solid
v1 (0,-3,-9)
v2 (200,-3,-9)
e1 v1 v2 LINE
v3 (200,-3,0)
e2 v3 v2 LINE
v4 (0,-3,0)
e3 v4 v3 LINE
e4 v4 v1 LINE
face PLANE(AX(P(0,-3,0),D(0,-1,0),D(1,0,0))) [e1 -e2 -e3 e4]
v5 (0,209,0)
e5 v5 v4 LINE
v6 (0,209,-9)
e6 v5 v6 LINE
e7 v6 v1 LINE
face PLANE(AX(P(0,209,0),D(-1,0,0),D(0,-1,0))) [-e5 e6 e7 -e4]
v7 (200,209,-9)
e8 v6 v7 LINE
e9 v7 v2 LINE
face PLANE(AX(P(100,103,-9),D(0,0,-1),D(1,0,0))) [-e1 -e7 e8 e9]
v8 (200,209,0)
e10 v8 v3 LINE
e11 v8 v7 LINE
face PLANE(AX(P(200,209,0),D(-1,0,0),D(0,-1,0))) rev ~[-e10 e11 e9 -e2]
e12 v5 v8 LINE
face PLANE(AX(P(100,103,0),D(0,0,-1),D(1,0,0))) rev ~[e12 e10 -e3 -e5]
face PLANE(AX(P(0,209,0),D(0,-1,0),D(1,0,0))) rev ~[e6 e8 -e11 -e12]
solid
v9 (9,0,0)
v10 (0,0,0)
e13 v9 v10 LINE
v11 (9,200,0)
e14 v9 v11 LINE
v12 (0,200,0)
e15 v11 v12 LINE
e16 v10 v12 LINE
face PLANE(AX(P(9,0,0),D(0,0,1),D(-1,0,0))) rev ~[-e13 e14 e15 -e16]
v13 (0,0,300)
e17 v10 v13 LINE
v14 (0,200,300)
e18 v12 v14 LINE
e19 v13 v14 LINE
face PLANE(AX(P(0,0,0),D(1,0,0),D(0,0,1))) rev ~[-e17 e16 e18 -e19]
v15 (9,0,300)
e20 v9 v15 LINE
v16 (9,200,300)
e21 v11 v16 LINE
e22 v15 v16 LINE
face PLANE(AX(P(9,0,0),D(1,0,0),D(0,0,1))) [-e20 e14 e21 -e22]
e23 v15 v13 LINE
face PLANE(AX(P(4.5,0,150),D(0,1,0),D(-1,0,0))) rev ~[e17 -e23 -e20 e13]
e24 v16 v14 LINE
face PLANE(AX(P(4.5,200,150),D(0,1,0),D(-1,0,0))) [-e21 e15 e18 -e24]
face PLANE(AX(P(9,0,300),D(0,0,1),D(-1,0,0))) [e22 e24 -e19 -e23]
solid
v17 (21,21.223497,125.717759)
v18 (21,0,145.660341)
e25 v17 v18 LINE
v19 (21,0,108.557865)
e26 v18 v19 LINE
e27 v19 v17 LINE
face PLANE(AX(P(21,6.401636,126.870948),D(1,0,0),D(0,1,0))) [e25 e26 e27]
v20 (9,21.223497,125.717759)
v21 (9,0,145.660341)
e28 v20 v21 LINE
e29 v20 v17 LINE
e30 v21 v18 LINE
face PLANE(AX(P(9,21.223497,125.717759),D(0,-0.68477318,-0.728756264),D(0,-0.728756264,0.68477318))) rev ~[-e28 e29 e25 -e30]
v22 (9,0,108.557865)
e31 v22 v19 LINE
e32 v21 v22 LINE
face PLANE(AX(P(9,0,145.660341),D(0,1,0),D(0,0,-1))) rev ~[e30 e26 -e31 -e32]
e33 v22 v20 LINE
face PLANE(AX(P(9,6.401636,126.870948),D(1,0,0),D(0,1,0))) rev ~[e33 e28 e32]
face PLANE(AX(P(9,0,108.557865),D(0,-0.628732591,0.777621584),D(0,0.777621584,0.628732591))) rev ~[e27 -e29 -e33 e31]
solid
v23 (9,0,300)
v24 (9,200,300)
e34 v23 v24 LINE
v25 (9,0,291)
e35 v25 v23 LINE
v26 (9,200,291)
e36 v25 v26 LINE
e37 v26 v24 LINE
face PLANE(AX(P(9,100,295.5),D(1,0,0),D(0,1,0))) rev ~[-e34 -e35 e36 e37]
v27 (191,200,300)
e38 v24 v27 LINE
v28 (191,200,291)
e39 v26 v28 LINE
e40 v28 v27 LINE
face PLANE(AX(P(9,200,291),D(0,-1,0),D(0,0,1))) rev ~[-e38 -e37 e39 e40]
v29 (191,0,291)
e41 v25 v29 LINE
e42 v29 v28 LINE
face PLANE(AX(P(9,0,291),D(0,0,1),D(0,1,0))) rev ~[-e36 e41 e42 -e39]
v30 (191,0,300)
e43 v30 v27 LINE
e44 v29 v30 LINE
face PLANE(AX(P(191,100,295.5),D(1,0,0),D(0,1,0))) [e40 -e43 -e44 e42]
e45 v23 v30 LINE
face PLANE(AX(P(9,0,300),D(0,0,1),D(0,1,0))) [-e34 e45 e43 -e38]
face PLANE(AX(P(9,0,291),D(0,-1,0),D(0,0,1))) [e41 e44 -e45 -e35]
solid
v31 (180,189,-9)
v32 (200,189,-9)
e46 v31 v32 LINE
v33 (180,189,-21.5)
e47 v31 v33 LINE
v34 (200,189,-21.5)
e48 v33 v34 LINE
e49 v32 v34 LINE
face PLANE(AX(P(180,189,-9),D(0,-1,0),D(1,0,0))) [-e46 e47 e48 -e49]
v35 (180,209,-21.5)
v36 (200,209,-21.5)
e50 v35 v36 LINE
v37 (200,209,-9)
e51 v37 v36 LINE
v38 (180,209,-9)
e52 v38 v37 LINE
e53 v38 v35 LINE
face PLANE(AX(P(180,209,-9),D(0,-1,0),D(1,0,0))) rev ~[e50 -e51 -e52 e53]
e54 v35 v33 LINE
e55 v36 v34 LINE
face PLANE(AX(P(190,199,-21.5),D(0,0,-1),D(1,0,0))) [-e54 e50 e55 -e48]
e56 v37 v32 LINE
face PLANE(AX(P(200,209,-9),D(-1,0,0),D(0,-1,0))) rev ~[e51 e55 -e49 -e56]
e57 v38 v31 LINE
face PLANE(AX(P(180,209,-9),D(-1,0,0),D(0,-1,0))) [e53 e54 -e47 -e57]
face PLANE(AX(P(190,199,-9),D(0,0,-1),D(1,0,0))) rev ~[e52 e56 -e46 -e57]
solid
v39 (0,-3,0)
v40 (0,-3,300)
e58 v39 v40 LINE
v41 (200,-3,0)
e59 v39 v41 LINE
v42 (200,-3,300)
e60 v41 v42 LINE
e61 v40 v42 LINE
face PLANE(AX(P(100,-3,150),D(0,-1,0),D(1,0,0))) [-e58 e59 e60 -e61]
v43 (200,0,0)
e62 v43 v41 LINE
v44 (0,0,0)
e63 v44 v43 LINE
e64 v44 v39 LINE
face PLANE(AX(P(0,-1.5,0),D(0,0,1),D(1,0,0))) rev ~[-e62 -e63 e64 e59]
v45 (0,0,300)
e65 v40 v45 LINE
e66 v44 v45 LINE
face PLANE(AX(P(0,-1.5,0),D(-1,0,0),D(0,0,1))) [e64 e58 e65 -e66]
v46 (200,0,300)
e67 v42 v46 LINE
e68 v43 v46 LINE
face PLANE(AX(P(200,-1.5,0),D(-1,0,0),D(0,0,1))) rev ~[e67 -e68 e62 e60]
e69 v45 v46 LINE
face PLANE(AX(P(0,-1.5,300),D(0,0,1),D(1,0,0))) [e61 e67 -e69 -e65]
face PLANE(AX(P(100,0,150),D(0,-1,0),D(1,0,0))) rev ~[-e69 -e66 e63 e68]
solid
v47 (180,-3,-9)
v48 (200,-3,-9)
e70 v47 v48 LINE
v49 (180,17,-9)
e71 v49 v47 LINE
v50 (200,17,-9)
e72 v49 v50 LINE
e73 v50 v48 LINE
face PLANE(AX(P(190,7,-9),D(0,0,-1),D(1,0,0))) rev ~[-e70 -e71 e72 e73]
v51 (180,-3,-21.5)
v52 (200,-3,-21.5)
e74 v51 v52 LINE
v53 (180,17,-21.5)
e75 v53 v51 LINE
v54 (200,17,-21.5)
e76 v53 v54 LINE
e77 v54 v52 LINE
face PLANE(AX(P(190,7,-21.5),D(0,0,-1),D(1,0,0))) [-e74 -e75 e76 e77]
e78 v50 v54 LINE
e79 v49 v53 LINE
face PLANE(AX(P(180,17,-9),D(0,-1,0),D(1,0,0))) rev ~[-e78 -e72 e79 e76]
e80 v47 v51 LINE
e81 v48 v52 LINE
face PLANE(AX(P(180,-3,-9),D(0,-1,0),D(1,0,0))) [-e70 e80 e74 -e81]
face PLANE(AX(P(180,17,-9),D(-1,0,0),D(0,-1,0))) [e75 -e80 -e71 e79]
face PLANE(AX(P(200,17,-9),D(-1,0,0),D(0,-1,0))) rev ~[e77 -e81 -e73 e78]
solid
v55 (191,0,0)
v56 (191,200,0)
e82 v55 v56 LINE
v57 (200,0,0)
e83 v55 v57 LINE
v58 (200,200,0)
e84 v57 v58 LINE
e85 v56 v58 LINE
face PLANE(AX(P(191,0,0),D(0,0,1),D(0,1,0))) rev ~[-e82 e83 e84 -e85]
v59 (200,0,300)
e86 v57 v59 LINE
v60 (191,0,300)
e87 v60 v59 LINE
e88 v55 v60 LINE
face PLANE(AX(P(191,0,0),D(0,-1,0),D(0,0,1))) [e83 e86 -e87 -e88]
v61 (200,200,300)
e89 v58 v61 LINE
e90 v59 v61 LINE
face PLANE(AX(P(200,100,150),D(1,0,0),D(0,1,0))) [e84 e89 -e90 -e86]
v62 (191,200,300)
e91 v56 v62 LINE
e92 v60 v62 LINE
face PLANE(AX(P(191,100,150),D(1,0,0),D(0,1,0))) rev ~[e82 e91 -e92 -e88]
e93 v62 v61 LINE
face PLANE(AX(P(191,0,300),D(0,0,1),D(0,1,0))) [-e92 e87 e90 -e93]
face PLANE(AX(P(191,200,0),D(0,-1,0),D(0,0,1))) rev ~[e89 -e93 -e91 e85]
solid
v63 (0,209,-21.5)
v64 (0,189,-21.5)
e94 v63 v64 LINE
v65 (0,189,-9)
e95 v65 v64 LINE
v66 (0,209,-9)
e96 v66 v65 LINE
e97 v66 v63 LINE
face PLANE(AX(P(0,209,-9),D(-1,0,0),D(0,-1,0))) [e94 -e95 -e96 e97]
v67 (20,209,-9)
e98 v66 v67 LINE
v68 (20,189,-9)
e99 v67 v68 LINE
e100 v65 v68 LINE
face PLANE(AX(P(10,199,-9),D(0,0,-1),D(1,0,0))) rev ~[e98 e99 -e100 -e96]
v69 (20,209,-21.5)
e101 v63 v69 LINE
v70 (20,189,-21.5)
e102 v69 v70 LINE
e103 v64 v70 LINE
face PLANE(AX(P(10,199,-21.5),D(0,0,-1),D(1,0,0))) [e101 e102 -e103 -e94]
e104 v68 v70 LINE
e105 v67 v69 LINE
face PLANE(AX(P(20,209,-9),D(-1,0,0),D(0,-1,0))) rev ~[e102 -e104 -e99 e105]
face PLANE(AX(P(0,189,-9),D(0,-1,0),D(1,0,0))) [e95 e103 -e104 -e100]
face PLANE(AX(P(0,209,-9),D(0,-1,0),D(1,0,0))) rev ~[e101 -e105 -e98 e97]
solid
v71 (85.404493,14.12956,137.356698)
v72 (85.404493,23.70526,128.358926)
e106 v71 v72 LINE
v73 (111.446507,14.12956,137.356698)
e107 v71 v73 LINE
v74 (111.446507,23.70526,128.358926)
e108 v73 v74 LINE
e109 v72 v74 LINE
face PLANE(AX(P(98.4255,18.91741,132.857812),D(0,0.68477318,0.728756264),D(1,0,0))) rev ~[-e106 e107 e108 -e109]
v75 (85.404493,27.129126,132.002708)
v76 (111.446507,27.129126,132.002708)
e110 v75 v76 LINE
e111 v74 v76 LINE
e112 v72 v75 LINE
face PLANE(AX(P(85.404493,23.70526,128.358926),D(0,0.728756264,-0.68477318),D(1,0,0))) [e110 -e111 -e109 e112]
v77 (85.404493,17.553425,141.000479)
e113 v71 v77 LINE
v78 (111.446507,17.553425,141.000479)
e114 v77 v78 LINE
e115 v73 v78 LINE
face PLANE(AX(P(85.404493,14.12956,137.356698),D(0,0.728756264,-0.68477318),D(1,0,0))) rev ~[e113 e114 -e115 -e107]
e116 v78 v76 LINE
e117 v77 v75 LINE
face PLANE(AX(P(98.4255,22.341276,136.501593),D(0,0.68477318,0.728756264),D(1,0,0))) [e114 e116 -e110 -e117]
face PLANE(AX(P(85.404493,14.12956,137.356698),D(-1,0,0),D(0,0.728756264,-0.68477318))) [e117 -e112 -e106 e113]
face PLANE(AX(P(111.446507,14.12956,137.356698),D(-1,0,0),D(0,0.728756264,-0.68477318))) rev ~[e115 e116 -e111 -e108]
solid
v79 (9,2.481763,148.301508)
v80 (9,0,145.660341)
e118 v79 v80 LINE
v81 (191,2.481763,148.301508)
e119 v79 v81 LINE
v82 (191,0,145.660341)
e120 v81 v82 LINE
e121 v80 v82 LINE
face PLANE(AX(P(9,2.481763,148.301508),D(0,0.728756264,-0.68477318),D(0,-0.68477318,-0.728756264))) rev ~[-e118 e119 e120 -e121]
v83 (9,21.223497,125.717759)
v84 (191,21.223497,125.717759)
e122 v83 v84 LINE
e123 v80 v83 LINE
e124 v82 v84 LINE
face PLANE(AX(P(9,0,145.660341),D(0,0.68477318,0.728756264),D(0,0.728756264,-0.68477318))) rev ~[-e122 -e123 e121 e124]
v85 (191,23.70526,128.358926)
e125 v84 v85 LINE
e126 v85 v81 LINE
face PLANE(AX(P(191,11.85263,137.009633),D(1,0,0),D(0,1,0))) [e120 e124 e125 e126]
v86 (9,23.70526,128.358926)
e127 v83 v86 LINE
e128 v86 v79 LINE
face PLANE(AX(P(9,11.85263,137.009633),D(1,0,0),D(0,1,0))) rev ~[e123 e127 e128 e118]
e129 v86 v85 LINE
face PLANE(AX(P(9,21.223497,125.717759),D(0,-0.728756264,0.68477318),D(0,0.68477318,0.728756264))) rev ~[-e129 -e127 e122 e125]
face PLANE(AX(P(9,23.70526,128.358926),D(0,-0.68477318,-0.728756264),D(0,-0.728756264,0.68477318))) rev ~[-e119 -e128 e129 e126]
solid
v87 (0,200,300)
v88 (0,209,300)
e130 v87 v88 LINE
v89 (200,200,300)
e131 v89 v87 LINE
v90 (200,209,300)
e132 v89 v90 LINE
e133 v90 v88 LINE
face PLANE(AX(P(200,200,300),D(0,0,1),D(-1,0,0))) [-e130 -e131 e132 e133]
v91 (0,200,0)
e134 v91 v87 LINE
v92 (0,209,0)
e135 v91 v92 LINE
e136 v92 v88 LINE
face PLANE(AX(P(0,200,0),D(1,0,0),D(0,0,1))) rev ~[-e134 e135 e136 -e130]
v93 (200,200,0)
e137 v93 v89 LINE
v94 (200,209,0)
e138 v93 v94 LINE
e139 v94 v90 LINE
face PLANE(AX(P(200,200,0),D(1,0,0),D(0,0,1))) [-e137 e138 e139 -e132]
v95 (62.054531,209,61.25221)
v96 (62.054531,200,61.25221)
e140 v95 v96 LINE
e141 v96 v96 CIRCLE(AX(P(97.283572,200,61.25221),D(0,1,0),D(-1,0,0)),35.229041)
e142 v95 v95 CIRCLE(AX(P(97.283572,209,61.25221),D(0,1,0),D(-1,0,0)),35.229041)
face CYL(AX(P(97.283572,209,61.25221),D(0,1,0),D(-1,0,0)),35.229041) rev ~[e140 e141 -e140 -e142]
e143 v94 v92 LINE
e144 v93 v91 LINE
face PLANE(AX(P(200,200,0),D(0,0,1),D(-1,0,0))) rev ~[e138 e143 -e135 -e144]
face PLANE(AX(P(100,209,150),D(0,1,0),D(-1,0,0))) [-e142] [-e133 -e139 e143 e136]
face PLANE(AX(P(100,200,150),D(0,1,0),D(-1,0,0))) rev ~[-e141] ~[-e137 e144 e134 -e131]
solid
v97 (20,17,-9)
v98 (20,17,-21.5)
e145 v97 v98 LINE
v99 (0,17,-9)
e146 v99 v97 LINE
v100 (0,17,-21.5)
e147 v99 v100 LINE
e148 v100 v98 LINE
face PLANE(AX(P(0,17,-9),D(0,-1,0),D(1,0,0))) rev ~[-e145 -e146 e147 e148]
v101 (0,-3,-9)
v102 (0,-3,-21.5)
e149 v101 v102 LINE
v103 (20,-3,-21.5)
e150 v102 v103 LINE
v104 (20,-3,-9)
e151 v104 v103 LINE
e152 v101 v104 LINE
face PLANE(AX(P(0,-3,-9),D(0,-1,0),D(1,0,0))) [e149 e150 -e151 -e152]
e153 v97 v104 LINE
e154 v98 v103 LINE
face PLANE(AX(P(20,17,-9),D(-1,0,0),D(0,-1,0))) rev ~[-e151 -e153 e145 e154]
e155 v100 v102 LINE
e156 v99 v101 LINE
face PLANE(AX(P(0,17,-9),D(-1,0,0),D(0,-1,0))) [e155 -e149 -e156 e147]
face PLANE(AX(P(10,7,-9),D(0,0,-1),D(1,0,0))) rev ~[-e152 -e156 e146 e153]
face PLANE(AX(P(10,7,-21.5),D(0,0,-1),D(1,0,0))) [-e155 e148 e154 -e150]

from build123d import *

# Parameters (mm, degrees)
F0_W      = 200
F0_H      = 300
F1_DEPTH  = 1.5
F2_DEPTH  = 1.5
F3_W      = 9
F3_H      = 300
F4_DEPTH  = 200
F6_DEPTH  = 12
F8_DEPTH  = 182
F9_W      = 26.0420143604
F9_H      = 13.1397843487
F10_DEPTH = 5
F11_W     = 200
F11_H     = 9
F12_DEPTH = 182
F13_W     = 200
F13_H     = 300
F14_DEPTH = 9
F15_W     = 200
F15_H     = 300
F16_DEPTH = 9
F17_R     = 35.2290412764
F18_DEPTH = 9
F19_W     = 200
F19_H     = 212
F20_DEPTH = 9
F21_W     = 20
F21_H     = 20
F22_DEPTH = 12.5
F23_W     = 20
F23_H     = 20
F24_DEPTH = 12.5
F25_W     = 20
F25_H     = 20
F26_DEPTH = 12.5
F27_W     = 20
F27_H     = 20
F28_DEPTH = 12.5


with BuildPart() as f1:
    # F0 (on Front) → F1 (new body)
    with BuildSketch(Plane.XZ):
        with Locations((100, 150)):
            Rectangle(F0_W, F0_H)
    extrude(amount=F1_DEPTH)

    # F2 (add): a face of the model
    f2_faces = [f1.faces().sort_by_distance(p)[0] for p in [
        (100, -1.5, 150),
    ]]
    extrude(f2_faces, amount=F2_DEPTH)


with BuildPart() as f4:
    # F3 (on face) → F4 (new body)
    with BuildSketch(Plane(origin=(0, 0, 0), x_dir=(-1, 0, 0), z_dir=(0, 1, 0))):
        with Locations((-4.5, 150)):
            Rectangle(F3_W, F3_H)
    extrude(amount=F4_DEPTH)


with BuildPart() as f6:
    # F5 (on face) → F6 (new body)
    with BuildSketch(Plane.YZ.offset(9)):
        Polygon((21.2234966457, 125.7177591324), (0, 145.660340786), (0, 108.5578650236), align=None)
    extrude(amount=F6_DEPTH)


with BuildPart() as f8:
    # F7 (on face) → F8 (new body)
    with BuildSketch(Plane.YZ.offset(9)):
        Polygon((0, 145.660340786), (21.2234966457, 125.7177591324), (23.7052597113, 128.3589262096), (2.4817630656, 148.3015078632), align=None)
    extrude(amount=F8_DEPTH)


with BuildPart() as f10:
    # F9 (on face) → F10 (new body)
    with BuildSketch(Plane(origin=(0, 75.1710426471, 79.9992899207), x_dir=(1, 0, 0), z_dir=(0, 0.6847731802, 0.7287562636))):
        with Locations((98.4255000949, -77.1912857827)):
            Rectangle(F9_W, F9_H)
    extrude(amount=F10_DEPTH)


with BuildPart() as f12:
    # F11 (on face) → F12 (new body)
    with BuildSketch(Plane.YZ.offset(9)):
        with Locations((100, 295.5)):
            Rectangle(F11_W, F11_H)
    extrude(amount=F12_DEPTH)


with BuildPart() as f14:
    # F13 (on face) → F14 (new body)
    with BuildSketch(Plane.YZ.offset(191)):
        with Locations((100, 150)):
            Rectangle(F13_W, F13_H)
    extrude(amount=F14_DEPTH)


with BuildPart() as f16:
    # F15 (on face) → F16 (new body)
    with BuildSketch(Plane(origin=(0, 200, 0), x_dir=(-1, 0, 0), z_dir=(0, 1, 0))):
        with Locations((-100, 150)):
            Rectangle(F15_W, F15_H)
    extrude(amount=F16_DEPTH)

    # F17 (on face) → F18 (cut)
    with BuildSketch(Plane(origin=(0, 209, 0), x_dir=(-1, 0, 0), z_dir=(0, 1, 0))):
        with Locations((-97.2835719585, 61.2522102892)):
            Circle(F17_R)
    extrude(amount=-F18_DEPTH, mode=Mode.SUBTRACT)


with BuildPart() as f20:
    # F19 (on face) → F20 (new body)
    with BuildSketch(Plane(origin=(0, 0, 0), x_dir=(1, 0, 0), z_dir=(0, 0, -1))):
        with Locations((100, -103)):
            Rectangle(F19_W, F19_H)
    extrude(amount=F20_DEPTH)


with BuildPart() as f22:
    # F21 (on face) → F22 (new body)
    with BuildSketch(Plane(origin=(0, 0, -9), x_dir=(1, 0, 0), z_dir=(0, 0, -1))):
        with Locations((10, -7)):
            Rectangle(F21_W, F21_H)
    extrude(amount=F22_DEPTH)


with BuildPart() as f24:
    # F23 (on face) → F24 (new body)
    with BuildSketch(Plane(origin=(0, 0, -9), x_dir=(1, 0, 0), z_dir=(0, 0, -1))):
        with Locations((190, -7)):
            Rectangle(F23_W, F23_H)
    extrude(amount=F24_DEPTH)


with BuildPart() as f26:
    # F25 (on face) → F26 (new body)
    with BuildSketch(Plane(origin=(0, 0, -9), x_dir=(1, 0, 0), z_dir=(0, 0, -1))):
        with Locations((190, -199)):
            Rectangle(F25_W, F25_H)
    extrude(amount=F26_DEPTH)


with BuildPart() as f28:
    # F27 (on face) → F28 (new body)
    with BuildSketch(Plane(origin=(0, 0, -9), x_dir=(1, 0, 0), z_dir=(0, 0, -1))):
        with Locations((10, -199)):
            Rectangle(F27_W, F27_H)
    extrude(amount=F28_DEPTH)


solid = Compound([f1.part, f4.part, f6.part, f8.part, f10.part, f12.part, f14.part, f16.part, f20.part, f22.part, f24.part, f26.part, f28.part])
